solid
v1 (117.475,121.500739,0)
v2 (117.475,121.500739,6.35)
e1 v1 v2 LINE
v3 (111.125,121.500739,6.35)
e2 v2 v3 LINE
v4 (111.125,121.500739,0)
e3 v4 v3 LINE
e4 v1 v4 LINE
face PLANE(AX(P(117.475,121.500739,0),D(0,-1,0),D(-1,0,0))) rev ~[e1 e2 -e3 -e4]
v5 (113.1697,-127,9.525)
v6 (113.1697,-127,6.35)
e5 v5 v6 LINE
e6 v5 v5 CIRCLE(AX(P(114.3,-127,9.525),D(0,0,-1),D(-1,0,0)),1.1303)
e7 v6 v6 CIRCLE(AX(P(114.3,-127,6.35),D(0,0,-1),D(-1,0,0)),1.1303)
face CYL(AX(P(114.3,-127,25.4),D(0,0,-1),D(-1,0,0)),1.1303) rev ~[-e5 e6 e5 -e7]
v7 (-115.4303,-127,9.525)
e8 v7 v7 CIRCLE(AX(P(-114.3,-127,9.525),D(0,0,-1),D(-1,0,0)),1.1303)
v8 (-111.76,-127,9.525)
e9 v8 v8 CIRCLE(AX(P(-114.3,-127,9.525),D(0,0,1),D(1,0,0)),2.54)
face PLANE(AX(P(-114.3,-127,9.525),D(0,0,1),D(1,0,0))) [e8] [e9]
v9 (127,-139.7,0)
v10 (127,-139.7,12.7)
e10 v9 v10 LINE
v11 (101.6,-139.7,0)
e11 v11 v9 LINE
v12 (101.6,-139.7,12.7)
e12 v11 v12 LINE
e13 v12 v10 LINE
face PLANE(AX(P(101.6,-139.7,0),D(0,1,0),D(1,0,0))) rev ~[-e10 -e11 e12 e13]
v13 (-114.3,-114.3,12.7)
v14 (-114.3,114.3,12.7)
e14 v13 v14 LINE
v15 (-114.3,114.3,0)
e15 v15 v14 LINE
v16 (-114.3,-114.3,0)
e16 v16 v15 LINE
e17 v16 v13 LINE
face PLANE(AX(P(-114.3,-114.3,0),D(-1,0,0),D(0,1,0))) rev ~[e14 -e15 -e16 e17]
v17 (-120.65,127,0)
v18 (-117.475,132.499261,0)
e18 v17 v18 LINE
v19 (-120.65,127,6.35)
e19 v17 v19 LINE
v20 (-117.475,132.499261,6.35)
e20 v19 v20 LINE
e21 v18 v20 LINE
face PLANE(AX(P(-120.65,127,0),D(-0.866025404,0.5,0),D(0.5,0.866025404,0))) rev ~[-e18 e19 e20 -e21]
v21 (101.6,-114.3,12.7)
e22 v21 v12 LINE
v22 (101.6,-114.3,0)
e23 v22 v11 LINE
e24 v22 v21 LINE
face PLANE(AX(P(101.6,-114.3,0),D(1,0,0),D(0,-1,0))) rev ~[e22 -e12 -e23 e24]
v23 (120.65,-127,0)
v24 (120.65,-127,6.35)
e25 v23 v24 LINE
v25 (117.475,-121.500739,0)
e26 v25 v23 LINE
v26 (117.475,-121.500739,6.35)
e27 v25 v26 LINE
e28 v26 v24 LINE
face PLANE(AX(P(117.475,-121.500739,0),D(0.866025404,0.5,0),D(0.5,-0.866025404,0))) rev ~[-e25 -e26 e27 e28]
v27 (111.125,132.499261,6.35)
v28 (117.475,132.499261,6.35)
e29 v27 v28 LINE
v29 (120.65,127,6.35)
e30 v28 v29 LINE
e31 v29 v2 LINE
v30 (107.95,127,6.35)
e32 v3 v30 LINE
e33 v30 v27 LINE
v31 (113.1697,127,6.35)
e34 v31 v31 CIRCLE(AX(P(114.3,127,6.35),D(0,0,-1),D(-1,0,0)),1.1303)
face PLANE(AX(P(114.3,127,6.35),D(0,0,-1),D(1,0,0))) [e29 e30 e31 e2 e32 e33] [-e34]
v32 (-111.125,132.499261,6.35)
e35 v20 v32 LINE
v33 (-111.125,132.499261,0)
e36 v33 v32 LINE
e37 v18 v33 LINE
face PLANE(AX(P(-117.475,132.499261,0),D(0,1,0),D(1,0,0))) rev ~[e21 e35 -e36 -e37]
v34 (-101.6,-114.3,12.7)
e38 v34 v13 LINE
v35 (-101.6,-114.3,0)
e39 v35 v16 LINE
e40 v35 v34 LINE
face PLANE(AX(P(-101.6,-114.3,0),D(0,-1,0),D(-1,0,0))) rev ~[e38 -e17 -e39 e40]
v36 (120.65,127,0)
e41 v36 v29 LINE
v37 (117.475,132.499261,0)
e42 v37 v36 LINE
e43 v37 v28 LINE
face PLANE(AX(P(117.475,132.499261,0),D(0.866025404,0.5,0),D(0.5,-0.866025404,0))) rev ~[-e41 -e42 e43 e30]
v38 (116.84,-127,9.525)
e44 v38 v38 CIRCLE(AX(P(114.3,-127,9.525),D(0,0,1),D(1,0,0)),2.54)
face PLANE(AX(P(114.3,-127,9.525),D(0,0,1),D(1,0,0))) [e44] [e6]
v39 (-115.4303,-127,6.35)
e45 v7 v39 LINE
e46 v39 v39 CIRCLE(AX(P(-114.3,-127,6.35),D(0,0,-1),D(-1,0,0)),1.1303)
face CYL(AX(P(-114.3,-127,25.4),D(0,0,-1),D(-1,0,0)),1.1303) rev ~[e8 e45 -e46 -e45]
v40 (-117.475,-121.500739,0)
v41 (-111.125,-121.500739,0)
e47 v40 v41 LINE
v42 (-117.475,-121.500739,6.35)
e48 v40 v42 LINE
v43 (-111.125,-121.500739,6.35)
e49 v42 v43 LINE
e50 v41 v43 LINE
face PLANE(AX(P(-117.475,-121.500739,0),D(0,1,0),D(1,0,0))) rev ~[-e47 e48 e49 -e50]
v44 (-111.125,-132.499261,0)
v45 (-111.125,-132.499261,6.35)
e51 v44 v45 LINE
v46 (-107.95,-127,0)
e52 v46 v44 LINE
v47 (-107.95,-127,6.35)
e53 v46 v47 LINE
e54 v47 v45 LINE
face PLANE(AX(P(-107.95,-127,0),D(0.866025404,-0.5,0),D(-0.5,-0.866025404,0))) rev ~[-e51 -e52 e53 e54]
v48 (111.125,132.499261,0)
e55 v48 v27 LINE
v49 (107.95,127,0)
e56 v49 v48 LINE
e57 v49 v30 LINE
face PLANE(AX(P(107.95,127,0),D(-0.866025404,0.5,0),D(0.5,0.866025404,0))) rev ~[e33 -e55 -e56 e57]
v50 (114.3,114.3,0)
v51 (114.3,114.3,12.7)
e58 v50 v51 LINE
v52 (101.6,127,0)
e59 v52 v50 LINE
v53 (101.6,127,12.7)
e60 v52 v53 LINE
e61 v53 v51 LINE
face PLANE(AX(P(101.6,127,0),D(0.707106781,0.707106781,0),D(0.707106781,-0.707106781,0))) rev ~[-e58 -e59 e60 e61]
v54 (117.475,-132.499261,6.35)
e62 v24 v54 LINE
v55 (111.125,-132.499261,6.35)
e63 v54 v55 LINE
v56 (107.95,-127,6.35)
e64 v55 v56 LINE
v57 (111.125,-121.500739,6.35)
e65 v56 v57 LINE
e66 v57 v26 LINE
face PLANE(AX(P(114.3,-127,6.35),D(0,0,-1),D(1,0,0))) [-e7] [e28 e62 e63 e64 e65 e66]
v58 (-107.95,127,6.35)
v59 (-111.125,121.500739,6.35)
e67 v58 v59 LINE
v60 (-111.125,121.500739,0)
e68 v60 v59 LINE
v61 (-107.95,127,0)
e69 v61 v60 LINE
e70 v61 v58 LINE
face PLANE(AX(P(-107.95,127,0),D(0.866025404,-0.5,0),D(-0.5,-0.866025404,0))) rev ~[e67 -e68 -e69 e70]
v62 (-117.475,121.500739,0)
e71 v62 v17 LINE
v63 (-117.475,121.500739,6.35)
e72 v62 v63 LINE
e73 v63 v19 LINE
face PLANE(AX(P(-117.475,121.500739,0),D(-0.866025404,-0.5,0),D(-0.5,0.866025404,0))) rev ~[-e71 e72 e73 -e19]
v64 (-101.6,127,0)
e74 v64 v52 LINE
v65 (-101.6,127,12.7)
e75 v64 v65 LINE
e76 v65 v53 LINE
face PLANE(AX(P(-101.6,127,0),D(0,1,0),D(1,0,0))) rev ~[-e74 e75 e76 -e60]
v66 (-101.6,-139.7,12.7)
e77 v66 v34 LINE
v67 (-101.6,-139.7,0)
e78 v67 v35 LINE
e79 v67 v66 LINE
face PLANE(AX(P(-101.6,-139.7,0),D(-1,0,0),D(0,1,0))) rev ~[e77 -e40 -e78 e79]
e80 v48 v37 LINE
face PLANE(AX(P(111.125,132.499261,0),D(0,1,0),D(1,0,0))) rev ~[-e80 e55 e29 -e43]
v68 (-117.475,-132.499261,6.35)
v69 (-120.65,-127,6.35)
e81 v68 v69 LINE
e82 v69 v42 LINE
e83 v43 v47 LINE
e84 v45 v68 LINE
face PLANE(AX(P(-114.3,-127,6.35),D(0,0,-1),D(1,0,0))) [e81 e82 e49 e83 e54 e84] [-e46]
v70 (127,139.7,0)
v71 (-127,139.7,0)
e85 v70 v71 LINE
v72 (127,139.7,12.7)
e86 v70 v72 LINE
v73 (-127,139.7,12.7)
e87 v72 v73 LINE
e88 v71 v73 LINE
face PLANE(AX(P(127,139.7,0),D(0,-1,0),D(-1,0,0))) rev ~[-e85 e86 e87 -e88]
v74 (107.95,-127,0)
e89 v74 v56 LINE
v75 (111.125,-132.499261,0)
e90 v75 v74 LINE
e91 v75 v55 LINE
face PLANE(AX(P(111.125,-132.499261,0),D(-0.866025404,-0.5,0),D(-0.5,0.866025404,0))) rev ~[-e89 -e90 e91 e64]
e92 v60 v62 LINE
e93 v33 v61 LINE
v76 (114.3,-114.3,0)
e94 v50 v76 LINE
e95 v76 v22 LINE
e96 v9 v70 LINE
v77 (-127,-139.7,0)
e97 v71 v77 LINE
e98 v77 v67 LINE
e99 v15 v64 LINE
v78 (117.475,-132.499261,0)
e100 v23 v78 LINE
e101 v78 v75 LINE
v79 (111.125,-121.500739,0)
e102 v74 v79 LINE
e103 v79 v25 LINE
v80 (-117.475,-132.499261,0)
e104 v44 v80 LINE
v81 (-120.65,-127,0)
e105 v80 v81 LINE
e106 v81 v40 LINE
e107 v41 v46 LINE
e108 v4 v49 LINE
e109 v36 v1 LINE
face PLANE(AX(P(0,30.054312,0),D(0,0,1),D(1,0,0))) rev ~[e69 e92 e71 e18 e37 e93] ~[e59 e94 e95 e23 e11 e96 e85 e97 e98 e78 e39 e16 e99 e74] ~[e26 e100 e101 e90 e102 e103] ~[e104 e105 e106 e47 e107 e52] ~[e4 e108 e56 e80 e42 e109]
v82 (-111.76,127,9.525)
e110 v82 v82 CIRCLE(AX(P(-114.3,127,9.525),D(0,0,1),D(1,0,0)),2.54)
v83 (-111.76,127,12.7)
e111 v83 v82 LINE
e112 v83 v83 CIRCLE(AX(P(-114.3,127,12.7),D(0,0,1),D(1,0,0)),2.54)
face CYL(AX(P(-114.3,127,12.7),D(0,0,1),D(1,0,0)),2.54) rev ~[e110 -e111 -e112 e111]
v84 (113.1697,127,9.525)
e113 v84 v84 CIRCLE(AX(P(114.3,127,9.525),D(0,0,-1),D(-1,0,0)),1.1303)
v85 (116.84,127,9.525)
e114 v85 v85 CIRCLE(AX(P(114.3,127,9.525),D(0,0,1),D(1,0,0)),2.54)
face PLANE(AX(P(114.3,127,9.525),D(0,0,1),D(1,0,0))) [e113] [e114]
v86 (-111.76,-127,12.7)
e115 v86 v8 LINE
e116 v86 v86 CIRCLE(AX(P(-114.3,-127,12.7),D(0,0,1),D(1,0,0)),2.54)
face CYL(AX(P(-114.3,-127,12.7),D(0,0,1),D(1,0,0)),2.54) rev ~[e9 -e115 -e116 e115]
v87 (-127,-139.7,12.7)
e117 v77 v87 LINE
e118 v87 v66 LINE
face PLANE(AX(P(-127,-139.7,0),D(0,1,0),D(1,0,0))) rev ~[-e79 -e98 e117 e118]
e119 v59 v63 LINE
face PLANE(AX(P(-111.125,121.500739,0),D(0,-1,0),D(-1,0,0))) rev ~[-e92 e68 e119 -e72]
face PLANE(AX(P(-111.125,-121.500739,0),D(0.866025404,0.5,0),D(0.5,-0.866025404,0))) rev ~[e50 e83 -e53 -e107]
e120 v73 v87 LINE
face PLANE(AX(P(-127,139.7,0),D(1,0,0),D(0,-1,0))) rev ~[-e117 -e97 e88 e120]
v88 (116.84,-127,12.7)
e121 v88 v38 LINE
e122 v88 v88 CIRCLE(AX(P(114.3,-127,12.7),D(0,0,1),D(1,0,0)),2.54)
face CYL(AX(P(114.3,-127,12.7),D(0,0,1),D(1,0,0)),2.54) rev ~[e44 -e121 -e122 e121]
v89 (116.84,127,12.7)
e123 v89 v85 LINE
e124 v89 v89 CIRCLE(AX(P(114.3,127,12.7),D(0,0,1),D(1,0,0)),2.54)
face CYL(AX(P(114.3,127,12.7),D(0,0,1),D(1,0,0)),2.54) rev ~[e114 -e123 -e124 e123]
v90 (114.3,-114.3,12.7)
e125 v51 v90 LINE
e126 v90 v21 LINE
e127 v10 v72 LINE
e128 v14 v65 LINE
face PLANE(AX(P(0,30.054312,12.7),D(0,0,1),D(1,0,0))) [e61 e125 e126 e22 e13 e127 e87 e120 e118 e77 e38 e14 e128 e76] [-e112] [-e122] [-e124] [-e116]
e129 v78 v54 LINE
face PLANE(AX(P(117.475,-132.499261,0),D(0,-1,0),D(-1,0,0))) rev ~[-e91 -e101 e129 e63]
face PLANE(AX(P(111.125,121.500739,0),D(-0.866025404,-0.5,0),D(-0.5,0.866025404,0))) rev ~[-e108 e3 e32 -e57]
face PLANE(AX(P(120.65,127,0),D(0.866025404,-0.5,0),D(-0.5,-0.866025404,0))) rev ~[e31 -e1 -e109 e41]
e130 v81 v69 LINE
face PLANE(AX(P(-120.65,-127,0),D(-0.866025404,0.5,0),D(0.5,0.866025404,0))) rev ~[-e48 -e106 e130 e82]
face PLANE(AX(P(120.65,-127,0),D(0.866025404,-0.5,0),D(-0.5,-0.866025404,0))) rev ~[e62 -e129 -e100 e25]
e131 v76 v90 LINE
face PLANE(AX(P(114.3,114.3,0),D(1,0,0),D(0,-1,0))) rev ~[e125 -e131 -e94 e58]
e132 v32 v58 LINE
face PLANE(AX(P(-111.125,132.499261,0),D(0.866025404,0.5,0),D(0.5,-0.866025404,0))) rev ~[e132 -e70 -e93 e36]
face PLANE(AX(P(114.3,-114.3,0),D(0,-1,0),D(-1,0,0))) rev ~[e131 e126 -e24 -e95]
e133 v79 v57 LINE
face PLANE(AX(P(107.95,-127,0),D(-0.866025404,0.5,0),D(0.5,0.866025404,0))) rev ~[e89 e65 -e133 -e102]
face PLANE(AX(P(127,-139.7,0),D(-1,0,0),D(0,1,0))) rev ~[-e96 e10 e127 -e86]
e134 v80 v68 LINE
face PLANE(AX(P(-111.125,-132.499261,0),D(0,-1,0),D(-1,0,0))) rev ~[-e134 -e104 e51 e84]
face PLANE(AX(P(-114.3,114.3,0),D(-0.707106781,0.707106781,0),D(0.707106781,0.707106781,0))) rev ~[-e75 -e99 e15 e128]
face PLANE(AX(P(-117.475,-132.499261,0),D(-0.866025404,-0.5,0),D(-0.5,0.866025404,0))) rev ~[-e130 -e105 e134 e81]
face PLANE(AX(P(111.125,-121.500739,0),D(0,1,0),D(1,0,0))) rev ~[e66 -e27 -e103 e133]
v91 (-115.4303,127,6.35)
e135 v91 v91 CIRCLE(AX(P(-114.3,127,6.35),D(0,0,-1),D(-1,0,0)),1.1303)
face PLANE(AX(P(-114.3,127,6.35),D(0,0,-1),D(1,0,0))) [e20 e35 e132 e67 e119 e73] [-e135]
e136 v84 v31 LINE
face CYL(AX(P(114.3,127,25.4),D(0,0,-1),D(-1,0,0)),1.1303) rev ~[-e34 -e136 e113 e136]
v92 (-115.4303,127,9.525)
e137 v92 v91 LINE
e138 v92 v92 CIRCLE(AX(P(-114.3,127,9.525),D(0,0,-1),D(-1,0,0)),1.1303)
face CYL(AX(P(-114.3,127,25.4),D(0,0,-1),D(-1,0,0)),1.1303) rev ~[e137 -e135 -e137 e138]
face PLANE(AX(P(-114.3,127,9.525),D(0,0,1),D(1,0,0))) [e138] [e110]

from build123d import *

# Parameters (mm, degrees)
F1_DEPTH = 12.7
F4_DEPTH = 6.35
F6_D     = 2.2606
F6_DEPTH = 12.7
F6_TIP   = 0.6791527577
F7_R     = 2.54
F8_DEPTH = 3.175


with BuildPart() as f1:
    # F0 (on Top) → F1 (new body)
    with BuildSketch(Plane.XY):
        Polygon((-101.6, 127), (101.6, 127), (114.3, 114.3), (114.3, -114.3), (101.6, -114.3), (101.6, -139.7), (114.3, -139.7), (127, -139.7), (127, -114.3), (127, 114.3), (127, 139.7), (101.6, 139.7), (-101.6, 139.7), (-127, 139.7), (-127, 114.3), (-127, -114.3), (-127, -139.7), (-114.3, -139.7), (-101.6, -139.7), (-101.6, -114.3), (-114.3, -114.3), (-114.3, 114.3), align=None)
    extrude(amount=F1_DEPTH)

    # F3 (on face) → F4 (cut)
    with BuildSketch(Plane(origin=(0, 0, 0), x_dir=(1, 0, 0), z_dir=(0, 0, -1))):
        Polygon((-117.475, 121.500738686), (-111.125, 121.500738686), (-107.95, 127), (-111.125, 132.499261314), (-117.475, 132.499261314), (-120.65, 127), align=None)
        Polygon((-107.95, -127), (-111.125, -121.500738686), (-117.475, -121.500738686), (-120.65, -127), (-117.475, -132.499261314), (-111.125, -132.499261314), align=None)
        Polygon((120.65, -127), (117.475, -121.500738686), (111.125, -121.500738686), (107.95, -127), (111.125, -132.499261314), (117.475, -132.499261314), align=None)
        Polygon((120.65, 127), (117.475, 132.499261314), (111.125, 132.499261314), (107.95, 127), (111.125, 121.500738686), (117.475, 121.500738686), align=None)
    extrude(amount=-F4_DEPTH, mode=Mode.SUBTRACT)

    # F6
    with Locations(Plane.XY.offset(12.7)):
        with Locations((-114.3, 127), (-114.3, -127), (114.3, -127), (114.3, 127)):
            Hole(F6_D / 2, depth=F6_DEPTH)
            with Locations((0, 0, -(F6_DEPTH + F6_TIP / 2))):  # 118° drill point
                Cone(0, F6_D / 2, F6_TIP, mode=Mode.SUBTRACT)

    # F7 (on face) → F8 (cut)
    with BuildSketch(Plane.XY.offset(12.7)):
        with Locations((-114.3, 127)):
            Circle(F7_R)
        with Locations((114.3, 127)):
            Circle(F7_R)
        with Locations((114.3, -127)):
            Circle(F7_R)
        with Locations((-114.3, -127)):
            Circle(F7_R)
    extrude(amount=-F8_DEPTH, mode=Mode.SUBTRACT)


solid = f1.part
